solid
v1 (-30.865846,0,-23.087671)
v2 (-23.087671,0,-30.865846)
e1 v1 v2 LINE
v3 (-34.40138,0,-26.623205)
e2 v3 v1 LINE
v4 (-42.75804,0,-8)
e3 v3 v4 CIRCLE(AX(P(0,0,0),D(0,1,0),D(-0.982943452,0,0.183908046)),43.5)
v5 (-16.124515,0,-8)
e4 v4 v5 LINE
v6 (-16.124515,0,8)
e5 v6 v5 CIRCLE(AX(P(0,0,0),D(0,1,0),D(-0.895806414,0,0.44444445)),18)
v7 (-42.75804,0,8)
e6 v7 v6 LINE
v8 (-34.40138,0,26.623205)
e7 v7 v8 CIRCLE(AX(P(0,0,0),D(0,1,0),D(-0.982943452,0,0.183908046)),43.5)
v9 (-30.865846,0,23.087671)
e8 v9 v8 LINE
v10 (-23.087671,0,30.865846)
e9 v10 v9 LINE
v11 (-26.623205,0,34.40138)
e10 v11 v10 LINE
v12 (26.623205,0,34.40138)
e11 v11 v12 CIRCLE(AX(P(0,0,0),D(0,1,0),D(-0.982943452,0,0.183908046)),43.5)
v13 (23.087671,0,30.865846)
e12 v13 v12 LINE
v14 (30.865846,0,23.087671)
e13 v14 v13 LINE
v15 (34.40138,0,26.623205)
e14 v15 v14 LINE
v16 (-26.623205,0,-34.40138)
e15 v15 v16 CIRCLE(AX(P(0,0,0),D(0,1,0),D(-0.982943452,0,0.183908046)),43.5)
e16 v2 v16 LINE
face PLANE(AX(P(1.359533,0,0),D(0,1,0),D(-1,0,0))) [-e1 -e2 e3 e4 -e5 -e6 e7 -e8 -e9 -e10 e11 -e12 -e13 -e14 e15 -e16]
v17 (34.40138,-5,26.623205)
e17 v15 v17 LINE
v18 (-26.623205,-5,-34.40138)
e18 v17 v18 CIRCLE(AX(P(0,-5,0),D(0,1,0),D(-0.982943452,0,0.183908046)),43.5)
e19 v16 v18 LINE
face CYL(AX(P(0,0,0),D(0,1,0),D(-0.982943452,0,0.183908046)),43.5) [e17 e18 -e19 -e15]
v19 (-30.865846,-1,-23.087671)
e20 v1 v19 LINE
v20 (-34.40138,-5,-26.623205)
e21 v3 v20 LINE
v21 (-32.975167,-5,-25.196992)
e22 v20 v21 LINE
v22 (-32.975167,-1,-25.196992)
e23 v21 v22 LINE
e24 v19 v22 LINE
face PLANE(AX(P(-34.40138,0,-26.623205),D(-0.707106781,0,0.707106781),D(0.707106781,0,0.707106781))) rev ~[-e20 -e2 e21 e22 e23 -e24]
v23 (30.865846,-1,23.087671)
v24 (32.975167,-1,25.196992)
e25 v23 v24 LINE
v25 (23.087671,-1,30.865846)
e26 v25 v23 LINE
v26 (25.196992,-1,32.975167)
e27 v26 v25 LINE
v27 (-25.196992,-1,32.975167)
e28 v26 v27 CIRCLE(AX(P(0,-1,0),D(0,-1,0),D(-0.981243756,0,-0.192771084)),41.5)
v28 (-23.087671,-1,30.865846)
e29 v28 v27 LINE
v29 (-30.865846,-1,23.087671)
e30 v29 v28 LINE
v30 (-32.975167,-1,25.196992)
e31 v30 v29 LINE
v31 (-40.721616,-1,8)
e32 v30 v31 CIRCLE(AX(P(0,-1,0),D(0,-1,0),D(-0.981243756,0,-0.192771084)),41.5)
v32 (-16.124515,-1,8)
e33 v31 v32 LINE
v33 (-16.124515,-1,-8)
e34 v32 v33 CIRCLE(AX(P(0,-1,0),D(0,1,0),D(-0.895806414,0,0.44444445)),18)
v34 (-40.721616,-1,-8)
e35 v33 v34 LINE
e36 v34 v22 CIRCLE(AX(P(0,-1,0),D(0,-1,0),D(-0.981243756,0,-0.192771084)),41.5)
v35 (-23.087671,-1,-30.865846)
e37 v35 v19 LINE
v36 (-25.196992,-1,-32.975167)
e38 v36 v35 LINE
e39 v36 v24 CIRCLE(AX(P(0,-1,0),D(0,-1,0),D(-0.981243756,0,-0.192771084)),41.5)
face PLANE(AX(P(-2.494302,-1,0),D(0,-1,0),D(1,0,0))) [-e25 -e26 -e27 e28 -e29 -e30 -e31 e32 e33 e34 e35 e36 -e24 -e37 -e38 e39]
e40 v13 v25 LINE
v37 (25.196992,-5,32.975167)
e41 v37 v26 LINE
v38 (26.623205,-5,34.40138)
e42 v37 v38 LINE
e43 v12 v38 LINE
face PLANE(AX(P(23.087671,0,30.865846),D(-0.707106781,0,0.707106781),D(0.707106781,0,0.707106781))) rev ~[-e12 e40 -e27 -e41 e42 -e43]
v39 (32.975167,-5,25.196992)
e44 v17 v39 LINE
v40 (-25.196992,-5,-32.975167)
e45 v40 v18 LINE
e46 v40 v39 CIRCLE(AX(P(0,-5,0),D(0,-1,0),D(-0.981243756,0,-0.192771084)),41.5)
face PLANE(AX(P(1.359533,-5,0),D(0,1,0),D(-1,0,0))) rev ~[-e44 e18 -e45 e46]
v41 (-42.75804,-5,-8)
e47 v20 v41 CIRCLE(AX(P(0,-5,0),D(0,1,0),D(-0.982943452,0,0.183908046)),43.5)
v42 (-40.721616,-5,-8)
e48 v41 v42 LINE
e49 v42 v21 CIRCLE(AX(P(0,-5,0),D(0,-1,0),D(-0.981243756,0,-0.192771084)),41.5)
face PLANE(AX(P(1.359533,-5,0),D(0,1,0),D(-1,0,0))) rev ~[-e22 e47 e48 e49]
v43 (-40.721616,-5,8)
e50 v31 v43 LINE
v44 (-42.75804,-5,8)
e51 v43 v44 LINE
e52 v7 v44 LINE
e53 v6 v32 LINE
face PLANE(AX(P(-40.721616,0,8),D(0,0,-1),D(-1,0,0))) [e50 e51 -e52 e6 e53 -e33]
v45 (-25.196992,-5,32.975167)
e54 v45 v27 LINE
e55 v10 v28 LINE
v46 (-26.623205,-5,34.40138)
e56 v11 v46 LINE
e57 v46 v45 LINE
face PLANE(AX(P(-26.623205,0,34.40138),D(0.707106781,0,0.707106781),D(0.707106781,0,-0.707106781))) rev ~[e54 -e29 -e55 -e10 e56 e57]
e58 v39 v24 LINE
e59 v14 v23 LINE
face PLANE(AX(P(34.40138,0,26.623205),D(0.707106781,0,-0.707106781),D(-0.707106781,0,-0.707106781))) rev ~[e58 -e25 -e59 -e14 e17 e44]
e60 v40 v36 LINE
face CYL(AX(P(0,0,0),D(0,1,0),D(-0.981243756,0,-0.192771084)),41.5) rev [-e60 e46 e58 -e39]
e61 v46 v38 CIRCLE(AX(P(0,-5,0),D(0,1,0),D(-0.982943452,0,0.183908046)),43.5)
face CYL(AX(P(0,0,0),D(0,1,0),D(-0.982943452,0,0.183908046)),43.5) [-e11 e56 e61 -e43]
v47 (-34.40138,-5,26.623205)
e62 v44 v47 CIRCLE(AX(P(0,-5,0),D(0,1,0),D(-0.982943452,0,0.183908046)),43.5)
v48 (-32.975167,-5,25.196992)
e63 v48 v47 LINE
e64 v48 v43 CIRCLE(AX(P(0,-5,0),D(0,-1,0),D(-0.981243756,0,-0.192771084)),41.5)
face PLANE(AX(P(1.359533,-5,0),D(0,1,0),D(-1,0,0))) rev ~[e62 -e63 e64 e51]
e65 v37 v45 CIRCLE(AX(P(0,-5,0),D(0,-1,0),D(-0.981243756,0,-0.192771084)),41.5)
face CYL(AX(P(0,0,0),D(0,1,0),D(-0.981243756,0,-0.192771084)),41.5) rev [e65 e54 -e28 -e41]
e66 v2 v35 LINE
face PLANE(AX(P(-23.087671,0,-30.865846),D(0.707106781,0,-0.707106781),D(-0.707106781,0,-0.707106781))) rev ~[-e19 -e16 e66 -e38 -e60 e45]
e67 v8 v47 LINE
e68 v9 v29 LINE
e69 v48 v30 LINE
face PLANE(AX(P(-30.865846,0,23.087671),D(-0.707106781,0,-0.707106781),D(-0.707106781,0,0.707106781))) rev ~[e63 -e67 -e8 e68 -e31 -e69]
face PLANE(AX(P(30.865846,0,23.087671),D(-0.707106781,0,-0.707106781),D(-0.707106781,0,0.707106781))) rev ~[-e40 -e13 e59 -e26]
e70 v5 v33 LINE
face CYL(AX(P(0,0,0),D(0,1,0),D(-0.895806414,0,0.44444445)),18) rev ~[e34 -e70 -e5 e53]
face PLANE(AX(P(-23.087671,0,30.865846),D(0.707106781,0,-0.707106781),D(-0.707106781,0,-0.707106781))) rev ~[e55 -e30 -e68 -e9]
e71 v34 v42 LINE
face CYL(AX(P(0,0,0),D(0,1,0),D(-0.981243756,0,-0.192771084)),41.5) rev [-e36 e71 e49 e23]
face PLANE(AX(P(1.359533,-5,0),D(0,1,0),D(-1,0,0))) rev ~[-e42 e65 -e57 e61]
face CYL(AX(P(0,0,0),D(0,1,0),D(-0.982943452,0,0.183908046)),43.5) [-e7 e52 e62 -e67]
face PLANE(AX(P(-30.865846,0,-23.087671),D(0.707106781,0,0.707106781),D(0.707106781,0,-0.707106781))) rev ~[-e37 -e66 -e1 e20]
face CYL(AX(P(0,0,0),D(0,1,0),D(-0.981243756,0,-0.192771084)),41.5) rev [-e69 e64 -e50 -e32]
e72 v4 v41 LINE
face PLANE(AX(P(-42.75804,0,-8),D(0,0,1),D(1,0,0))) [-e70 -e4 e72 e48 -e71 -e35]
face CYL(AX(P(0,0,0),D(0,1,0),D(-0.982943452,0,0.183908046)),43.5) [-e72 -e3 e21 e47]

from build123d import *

# Parameters (mm, degrees)
F1_DEPTH = 1
F3_DEPTH = 5
F5_DEPTH = 5


with BuildPart() as f1:
    # F0 (on Front) → F1 (new body)
    with BuildSketch(Plane.XZ):
        with BuildLine():
            Line((-16.124515, -8), (-40.721616, -8))
            ThreePointArc((-40.721616, -8), (41.5, 0), (-40.721616, 8))
            Line((-40.721616, 8), (-16.124515, 8))
            ThreePointArc((-16.124515, 8), (18, 0), (-16.124515, -8))
        make_face()
    extrude(amount=F1_DEPTH)

    # F2 (on face) → F3 (join)
    with BuildSketch(Plane(origin=(0, 0, 0), x_dir=(-1, 0, 0), z_dir=(0, 1, 0))):
        with BuildLine():
            Line((40.721616, 8), (42.75804, 8))
            ThreePointArc((42.75804, 8), (-43.5, 0), (42.75804, -8))
            Line((42.75804, -8), (40.721616, -8))
            ThreePointArc((40.721616, -8), (-41.5, 0), (40.721616, 8))
        make_face()
    extrude(amount=-F3_DEPTH)

    # F4 (on face) → F5 (cut, through all)
    with BuildSketch(Plane(origin=(0, 0, 0), x_dir=(-1, 0, 0), z_dir=(0, 1, 0))):
        with BuildLine():
            Line((30.865846, -23.087671), (23.087671, -30.865846))
            Line((23.087671, -30.865846), (26.623205, -34.40138))
            ThreePointArc((26.623205, -34.40138), (30.759145, -30.759145), (34.40138, -26.623205))
            Line((34.40138, -26.623205), (30.865846, -23.087671))
        make_face()
        with BuildLine():
            Line((26.623205, 34.40138), (23.087671, 30.865846))
            Line((23.087671, 30.865846), (30.865846, 23.087671))
            Line((30.865846, 23.087671), (34.40138, 26.623205))
            ThreePointArc((34.40138, 26.623205), (30.759145, 30.759145), (26.623205, 34.40138))
        make_face()
        with BuildLine():
            Line((-34.40138, 26.623205), (-30.865846, 23.087671))
            Line((-30.865846, 23.087671), (-23.087671, 30.865846))
            Line((-23.087671, 30.865846), (-26.623205, 34.40138))
            ThreePointArc((-26.623205, 34.40138), (-30.759145, 30.759145), (-34.40138, 26.623205))
        make_face()
    extrude(amount=-F5_DEPTH, mode=Mode.SUBTRACT)


solid = f1.part
